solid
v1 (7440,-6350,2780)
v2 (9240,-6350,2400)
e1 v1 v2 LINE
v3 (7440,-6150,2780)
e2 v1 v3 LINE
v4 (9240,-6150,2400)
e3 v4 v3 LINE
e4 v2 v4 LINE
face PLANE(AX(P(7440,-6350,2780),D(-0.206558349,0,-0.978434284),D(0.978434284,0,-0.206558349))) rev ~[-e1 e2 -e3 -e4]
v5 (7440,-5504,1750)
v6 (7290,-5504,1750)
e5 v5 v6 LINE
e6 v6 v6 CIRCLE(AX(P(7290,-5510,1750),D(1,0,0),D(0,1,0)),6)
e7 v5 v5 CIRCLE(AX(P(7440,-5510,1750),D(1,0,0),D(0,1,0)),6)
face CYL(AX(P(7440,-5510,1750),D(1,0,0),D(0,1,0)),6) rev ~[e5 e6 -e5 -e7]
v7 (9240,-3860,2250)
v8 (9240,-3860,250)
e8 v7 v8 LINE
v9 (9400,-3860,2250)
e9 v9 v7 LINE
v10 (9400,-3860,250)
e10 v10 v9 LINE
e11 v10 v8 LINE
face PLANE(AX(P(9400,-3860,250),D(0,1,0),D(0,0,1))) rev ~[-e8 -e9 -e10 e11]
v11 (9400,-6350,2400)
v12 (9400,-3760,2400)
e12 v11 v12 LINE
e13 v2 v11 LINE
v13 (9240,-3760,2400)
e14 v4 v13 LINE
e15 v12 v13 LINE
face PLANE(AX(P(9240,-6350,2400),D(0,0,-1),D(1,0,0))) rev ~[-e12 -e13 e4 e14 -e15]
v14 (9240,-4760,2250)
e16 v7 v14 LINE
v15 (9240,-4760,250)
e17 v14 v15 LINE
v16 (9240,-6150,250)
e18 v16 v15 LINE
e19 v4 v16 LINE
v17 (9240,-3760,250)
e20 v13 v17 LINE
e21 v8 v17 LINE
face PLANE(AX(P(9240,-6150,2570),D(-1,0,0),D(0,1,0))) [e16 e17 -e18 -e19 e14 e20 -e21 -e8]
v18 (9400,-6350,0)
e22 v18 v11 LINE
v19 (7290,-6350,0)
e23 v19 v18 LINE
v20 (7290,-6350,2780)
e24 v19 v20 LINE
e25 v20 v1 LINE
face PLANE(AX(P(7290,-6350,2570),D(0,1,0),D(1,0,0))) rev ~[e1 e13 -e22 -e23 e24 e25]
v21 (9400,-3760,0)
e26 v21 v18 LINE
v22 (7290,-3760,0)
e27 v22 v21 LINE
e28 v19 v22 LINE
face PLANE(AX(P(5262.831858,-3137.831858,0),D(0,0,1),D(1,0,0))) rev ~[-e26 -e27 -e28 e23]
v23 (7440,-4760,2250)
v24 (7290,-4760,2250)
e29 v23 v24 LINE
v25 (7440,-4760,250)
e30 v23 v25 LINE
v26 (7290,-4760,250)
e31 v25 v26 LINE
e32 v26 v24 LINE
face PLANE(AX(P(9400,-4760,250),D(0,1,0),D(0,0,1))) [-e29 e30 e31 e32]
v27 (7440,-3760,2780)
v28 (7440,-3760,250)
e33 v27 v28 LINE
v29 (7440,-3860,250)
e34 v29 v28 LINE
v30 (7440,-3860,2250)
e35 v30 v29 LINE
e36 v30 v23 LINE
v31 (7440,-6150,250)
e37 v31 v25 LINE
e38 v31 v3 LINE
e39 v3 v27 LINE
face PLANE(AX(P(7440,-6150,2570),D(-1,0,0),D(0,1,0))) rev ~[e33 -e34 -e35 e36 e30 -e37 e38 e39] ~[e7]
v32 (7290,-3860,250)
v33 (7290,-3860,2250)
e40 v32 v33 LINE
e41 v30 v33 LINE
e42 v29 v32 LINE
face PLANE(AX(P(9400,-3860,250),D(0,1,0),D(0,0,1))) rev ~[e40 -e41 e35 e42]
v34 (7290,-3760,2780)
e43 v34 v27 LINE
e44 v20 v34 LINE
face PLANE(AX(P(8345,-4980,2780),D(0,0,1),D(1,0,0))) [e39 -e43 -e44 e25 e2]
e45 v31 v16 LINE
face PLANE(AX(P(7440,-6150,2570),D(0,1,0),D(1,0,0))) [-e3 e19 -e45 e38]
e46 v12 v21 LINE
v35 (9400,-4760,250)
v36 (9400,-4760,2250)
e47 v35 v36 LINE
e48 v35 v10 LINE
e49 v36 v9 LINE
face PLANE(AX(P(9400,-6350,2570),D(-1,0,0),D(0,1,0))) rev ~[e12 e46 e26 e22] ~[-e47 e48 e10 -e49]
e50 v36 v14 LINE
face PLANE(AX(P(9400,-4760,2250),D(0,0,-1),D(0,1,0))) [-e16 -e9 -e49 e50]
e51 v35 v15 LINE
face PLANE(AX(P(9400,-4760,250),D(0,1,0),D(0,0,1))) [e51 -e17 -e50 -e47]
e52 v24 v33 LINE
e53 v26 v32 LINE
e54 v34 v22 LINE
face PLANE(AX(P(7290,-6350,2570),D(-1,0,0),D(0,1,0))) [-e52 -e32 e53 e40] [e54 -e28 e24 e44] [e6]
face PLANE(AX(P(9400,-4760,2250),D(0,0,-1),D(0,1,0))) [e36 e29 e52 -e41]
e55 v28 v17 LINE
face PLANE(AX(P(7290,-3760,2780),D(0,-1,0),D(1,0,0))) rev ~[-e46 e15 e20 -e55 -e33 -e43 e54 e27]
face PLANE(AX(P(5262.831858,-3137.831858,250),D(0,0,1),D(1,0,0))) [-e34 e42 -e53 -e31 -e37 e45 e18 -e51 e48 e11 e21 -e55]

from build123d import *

# Parameters (mm, degrees)
F0_W      = 2400
F0_H      = 1000
F1_DEPTH  = 250
F2_W      = 1800
F2_H      = 2390
F3_DEPTH  = 2320
F4_W      = 900
F4_H      = 2000
F5_DEPTH  = 9400.001
F6_W      = 1000
F6_H      = 1400
F6_W_2    = 900
F6_H_2    = 400
F7_DEPTH  = 6050
F8_W      = 920
F8_H      = 920
F8_W_2    = 1000
F9_DEPTH  = 200
F10_W     = 1000
F10_H     = 1500
F11_DEPTH = 200
F12_W     = 150
F12_H     = 2660
F13_DEPTH = 280
F15_DEPTH = 950
F17_DEPTH = 50
F19_DEPTH = 2320
F21_DEPTH = 3760.001
F22_R     = 30
F23_DEPTH = 250.001
F24_W     = 1020
F24_H     = 1020
F24_W_2   = 1100
F25_DEPTH = 50
F27_DEPTH = 2570.001
F28_W     = 2110
F28_H     = 2740
F28_W_2   = 1800
F28_H_2   = 2390
F29_DEPTH = 210
F31_DEPTH = 2740
F32_W     = 3974.900246
F32_H     = 3156.905889
F32_W_2   = 2110
F32_H_2   = 2590
F33_DEPTH = 2780.001
F34_R     = 6
F35_DEPTH = 300


with BuildPart() as f1:
    # F0 (on Top) → F1 (new body)
    with BuildSketch(Plane.XY):
        Polygon((10600, 0), (0, 0), (0, -6350), (9400, -6350), (9400, -5300), (10600, -5300), align=None)
        with Locations((5100, -5650)):
            Rectangle(F0_W, F0_H, mode=Mode.SUBTRACT)
    extrude(amount=F1_DEPTH)

    # F2 (on face) → F3 (join)
    with BuildSketch(Plane.XY.offset(250)):
        Polygon((10600, 0), (0, 0), (0, -6350), (9400, -6350), (9400, -3760), (10600, -3760), align=None)
        with Locations((8340, -4955)):
            Rectangle(F2_W, F2_H, mode=Mode.SUBTRACT)
        Polygon((200, -6150), (200, -200), (3750, -200), (3750, -300), (3900, -300), (3900, -280), (4800, -280), (4800, -1180), (4950, -1180), (4950, -400), (5250, -400), (5250, -200), (7290, -200), (7290, -300), (7440, -300), (10400, -300), (10400, -3610), (7440, -3610), (7440, -2960), (7290, -2960), (7290, -6150), (3900, -6150), (3900, -5050), (3750, -5050), (3750, -6150), align=None, mode=Mode.SUBTRACT)
    extrude(amount=F3_DEPTH)

    # F4 (on face) → F5 (cut, through all)
    with BuildSketch(Plane.YZ.offset(9400)):
        with Locations((-4310, 1250)):
            Rectangle(F4_W, F4_H)
    extrude(amount=-F5_DEPTH, mode=Mode.SUBTRACT)

    # F6 (on face) → F7 (cut, through all)
    with BuildSketch(Plane.XZ.offset(6350)):
        with Locations((6740, 1500)):
            Rectangle(F6_W, F6_H)
        with Locations((3100, 1500)):
            Rectangle(F6_W, F6_H)
        with Locations((9900, 2000)):
            Rectangle(F6_W_2, F6_H_2)
    extrude(amount=-F7_DEPTH, mode=Mode.SUBTRACT)

    # F8 (on face) → F9 (cut, through all)
    with BuildSketch(Plane(origin=(10400, 0, 0), x_dir=(0, -1, 0), z_dir=(-1, 0, 0))):
        with Locations((1140, 1640)):
            Rectangle(F8_W, F8_H)
        with Locations((2360, 1640)):
            Rectangle(F8_W_2, F8_H)
    extrude(amount=-F9_DEPTH, mode=Mode.SUBTRACT)

    # F10 (on face) → F11 (cut, through all)
    with BuildSketch(Plane.YZ.offset(200)):
        with Locations((-3160, 1500)):
            Rectangle(F10_W, F10_H)
        with Locations((-2060, 1500)):
            Rectangle(F10_W, F10_H)
        with Locations((-960, 1500)):
            Rectangle(F10_W, F10_H)
    extrude(amount=-F11_DEPTH, mode=Mode.SUBTRACT)

    # F12 (on face) → F13 (join)
    with BuildSketch(Plane.XY.offset(2570)):
        with Locations((7365, -1630)):
            Rectangle(F12_W, F12_H)
    extrude(amount=-F13_DEPTH)

    # F14 (on face) → F15 (join)
    with BuildSketch(Plane(origin=(0, -6150, 0), x_dir=(-1, 0, 0), z_dir=(0, 1, 0))):
        Polygon((-6350, 540), (-6350, 250), (-6300, 250), (-6300, 490), (-5995, 490), (-5995, 780), (-5690, 780), (-5690, 1070), (-5385, 1070), (-5385, 1360), (-5080, 1360), (-5080, 1650), (-4775, 1650), (-4775, 1940), (-4470, 1940), (-4470, 2230), (-4165, 2230), (-4165, 2520), (-3900, 2520), (-3900, 2570), (-4215, 2570), (-4215, 2280), (-4520, 2280), (-4520, 1990), (-4825, 1990), (-4825, 1700), (-5130, 1700), (-5130, 1410), (-5435, 1410), (-5435, 1120), (-5740, 1120), (-5740, 830), (-6045, 830), (-6045, 540), align=None)
    extrude(amount=F15_DEPTH)

    # F16 (on face) → F17 (join)
    with BuildSketch(Plane(origin=(0, -5200, 0), x_dir=(-1, 0, 0), z_dir=(0, 1, 0))):
        Polygon((-4215, 2570), (-6350, 540), (-6350, 250), (-6300, 250), (-4165, 2230), (-3900, 2475.761124), (-3900, 2570), align=None)
    extrude(amount=F17_DEPTH)

    # F18 (on face) → F19 (join)
    with BuildSketch(Plane.XY.offset(250)):
        with BuildLine():
            Line((6005, -5150), (6045, -5150))
            ThreePointArc((6045, -5150), (6048.535534, -5148.535534), (6050, -5145))
            Line((6050, -5145), (6050, -5105))
            ThreePointArc((6050, -5105), (6048.535534, -5101.464466), (6045, -5100))
            Line((6045, -5100), (6005, -5100))
            ThreePointArc((6005, -5100), (6001.464466, -5101.464466), (6000, -5105))
            Line((6000, -5105), (6000, -5145))
            ThreePointArc((6000, -5145), (6001.464466, -5148.535534), (6005, -5150))
        make_face()
        with BuildLine():
            Line((5705, -5150), (5745, -5150))
            ThreePointArc((5745, -5150), (5748.535534, -5148.535534), (5750, -5145))
            Line((5750, -5145), (5750, -5105))
            ThreePointArc((5750, -5105), (5748.535534, -5101.464466), (5745, -5100))
            Line((5745, -5100), (5705, -5100))
            ThreePointArc((5705, -5100), (5701.464466, -5101.464466), (5700, -5105))
            Line((5700, -5105), (5700, -5145))
            ThreePointArc((5700, -5145), (5701.464466, -5148.535534), (5705, -5150))
        make_face()
        with BuildLine():
            Line((5405, -5150), (5445, -5150))
            ThreePointArc((5445, -5150), (5448.535534, -5148.535534), (5450, -5145))
            Line((5450, -5145), (5450, -5105))
            ThreePointArc((5450, -5105), (5448.535534, -5101.464466), (5445, -5100))
            Line((5445, -5100), (5405, -5100))
            ThreePointArc((5405, -5100), (5401.464466, -5101.464466), (5400, -5105))
            Line((5400, -5105), (5400, -5145))
            ThreePointArc((5400, -5145), (5401.464466, -5148.535534), (5405, -5150))
        make_face()
        with BuildLine():
            Line((5105, -5150), (5145, -5150))
            ThreePointArc((5145, -5150), (5148.535534, -5148.535534), (5150, -5145))
            Line((5150, -5145), (5150, -5105))
            ThreePointArc((5150, -5105), (5148.535534, -5101.464466), (5145, -5100))
            Line((5145, -5100), (5105, -5100))
            ThreePointArc((5105, -5100), (5101.464466, -5101.464466), (5100, -5105))
            Line((5100, -5105), (5100, -5145))
            ThreePointArc((5100, -5145), (5101.464466, -5148.535534), (5105, -5150))
        make_face()
        with BuildLine():
            Line((4805, -5150), (4845, -5150))
            ThreePointArc((4845, -5150), (4848.535534, -5148.535534), (4850, -5145))
            Line((4850, -5145), (4850, -5105))
            ThreePointArc((4850, -5105), (4848.535534, -5101.464466), (4845, -5100))
            Line((4845, -5100), (4805, -5100))
            ThreePointArc((4805, -5100), (4801.464466, -5101.464466), (4800, -5105))
            Line((4800, -5105), (4800, -5145))
            ThreePointArc((4800, -5145), (4801.464466, -5148.535534), (4805, -5150))
        make_face()
        with BuildLine():
            Line((4505, -5150), (4545, -5150))
            ThreePointArc((4545, -5150), (4548.535534, -5148.535534), (4550, -5145))
            Line((4550, -5145), (4550, -5105))
            ThreePointArc((4550, -5105), (4548.535534, -5101.464466), (4545, -5100))
            Line((4545, -5100), (4505, -5100))
            ThreePointArc((4505, -5100), (4501.464466, -5101.464466), (4500, -5105))
            Line((4500, -5105), (4500, -5145))
            ThreePointArc((4500, -5145), (4501.464466, -5148.535534), (4505, -5150))
        make_face()
    extrude(amount=F19_DEPTH)

    # F20 (on face) → F21 (cut, through all)
    with BuildSketch(Plane.XZ.offset(3760)):
        Polygon((10600, 2570), (9400, 2570), (10400, 2350), (10600, 2350), align=None)
    extrude(amount=-F21_DEPTH, mode=Mode.SUBTRACT)

    # F22 (on face) → F23 (cut, through all)
    with BuildSketch(Plane.XY.offset(250)):
        with Locations((10300, -2510)):
            Circle(F22_R)
    extrude(amount=-F23_DEPTH, mode=Mode.SUBTRACT)

    # F24 (on face) → F25 (cut)
    with BuildSketch(Plane(origin=(10400, 0, 0), x_dir=(0, -1, 0), z_dir=(-1, 0, 0))):
        with Locations((1140, 1640)):
            Rectangle(F24_W, F24_H)
        with Locations((2360, 1640)):
            Rectangle(F24_W_2, F24_H)
    extrude(amount=-F25_DEPTH, mode=Mode.SUBTRACT)

    # F26 (on face) → F27 (cut, through all)
    with BuildSketch(Plane.XY.offset(2570)):
        Polygon((10725.590706, -3401.572847), (10725.590706, 0), (0, 0), (0, -6350), (6873.535156, -6350), (6873.535156, -3401.572847), align=None)
    extrude(amount=-F27_DEPTH, mode=Mode.SUBTRACT)

    # F28 (on face) → F29 (join)
    with BuildSketch(Plane.XY.offset(2570)):
        with Locations((8345, -4980)):
            Rectangle(F28_W, F28_H)
        with Locations((8340, -4955)):
            Rectangle(F28_W_2, F28_H_2, mode=Mode.SUBTRACT)
    extrude(amount=F29_DEPTH)

    # F30 (on face) → F31 (cut, through all)
    with BuildSketch(Plane.XZ.offset(6350)):
        Polygon((7440, 2780), (9240, 2400), (9400, 2400), (9400, 2780), align=None)
    extrude(amount=-F31_DEPTH, mode=Mode.SUBTRACT)

    # F32 (on face) → F33 (cut, through all)
    with BuildSketch(Plane.XY.offset(2780)):
        with Locations((8738.929272, -4872.399449)):
            Rectangle(F32_W, F32_H)
        with Locations((8345, -5055)):
            Rectangle(F32_W_2, F32_H_2, mode=Mode.SUBTRACT)
    extrude(amount=-F33_DEPTH, mode=Mode.SUBTRACT)

    # F34 (on face) → F35 (cut)
    with BuildSketch(Plane.YZ.offset(7440)):
        with Locations((-5510, 1750)):
            Circle(F34_R)
    extrude(amount=-F35_DEPTH, mode=Mode.SUBTRACT)


solid = f1.part
